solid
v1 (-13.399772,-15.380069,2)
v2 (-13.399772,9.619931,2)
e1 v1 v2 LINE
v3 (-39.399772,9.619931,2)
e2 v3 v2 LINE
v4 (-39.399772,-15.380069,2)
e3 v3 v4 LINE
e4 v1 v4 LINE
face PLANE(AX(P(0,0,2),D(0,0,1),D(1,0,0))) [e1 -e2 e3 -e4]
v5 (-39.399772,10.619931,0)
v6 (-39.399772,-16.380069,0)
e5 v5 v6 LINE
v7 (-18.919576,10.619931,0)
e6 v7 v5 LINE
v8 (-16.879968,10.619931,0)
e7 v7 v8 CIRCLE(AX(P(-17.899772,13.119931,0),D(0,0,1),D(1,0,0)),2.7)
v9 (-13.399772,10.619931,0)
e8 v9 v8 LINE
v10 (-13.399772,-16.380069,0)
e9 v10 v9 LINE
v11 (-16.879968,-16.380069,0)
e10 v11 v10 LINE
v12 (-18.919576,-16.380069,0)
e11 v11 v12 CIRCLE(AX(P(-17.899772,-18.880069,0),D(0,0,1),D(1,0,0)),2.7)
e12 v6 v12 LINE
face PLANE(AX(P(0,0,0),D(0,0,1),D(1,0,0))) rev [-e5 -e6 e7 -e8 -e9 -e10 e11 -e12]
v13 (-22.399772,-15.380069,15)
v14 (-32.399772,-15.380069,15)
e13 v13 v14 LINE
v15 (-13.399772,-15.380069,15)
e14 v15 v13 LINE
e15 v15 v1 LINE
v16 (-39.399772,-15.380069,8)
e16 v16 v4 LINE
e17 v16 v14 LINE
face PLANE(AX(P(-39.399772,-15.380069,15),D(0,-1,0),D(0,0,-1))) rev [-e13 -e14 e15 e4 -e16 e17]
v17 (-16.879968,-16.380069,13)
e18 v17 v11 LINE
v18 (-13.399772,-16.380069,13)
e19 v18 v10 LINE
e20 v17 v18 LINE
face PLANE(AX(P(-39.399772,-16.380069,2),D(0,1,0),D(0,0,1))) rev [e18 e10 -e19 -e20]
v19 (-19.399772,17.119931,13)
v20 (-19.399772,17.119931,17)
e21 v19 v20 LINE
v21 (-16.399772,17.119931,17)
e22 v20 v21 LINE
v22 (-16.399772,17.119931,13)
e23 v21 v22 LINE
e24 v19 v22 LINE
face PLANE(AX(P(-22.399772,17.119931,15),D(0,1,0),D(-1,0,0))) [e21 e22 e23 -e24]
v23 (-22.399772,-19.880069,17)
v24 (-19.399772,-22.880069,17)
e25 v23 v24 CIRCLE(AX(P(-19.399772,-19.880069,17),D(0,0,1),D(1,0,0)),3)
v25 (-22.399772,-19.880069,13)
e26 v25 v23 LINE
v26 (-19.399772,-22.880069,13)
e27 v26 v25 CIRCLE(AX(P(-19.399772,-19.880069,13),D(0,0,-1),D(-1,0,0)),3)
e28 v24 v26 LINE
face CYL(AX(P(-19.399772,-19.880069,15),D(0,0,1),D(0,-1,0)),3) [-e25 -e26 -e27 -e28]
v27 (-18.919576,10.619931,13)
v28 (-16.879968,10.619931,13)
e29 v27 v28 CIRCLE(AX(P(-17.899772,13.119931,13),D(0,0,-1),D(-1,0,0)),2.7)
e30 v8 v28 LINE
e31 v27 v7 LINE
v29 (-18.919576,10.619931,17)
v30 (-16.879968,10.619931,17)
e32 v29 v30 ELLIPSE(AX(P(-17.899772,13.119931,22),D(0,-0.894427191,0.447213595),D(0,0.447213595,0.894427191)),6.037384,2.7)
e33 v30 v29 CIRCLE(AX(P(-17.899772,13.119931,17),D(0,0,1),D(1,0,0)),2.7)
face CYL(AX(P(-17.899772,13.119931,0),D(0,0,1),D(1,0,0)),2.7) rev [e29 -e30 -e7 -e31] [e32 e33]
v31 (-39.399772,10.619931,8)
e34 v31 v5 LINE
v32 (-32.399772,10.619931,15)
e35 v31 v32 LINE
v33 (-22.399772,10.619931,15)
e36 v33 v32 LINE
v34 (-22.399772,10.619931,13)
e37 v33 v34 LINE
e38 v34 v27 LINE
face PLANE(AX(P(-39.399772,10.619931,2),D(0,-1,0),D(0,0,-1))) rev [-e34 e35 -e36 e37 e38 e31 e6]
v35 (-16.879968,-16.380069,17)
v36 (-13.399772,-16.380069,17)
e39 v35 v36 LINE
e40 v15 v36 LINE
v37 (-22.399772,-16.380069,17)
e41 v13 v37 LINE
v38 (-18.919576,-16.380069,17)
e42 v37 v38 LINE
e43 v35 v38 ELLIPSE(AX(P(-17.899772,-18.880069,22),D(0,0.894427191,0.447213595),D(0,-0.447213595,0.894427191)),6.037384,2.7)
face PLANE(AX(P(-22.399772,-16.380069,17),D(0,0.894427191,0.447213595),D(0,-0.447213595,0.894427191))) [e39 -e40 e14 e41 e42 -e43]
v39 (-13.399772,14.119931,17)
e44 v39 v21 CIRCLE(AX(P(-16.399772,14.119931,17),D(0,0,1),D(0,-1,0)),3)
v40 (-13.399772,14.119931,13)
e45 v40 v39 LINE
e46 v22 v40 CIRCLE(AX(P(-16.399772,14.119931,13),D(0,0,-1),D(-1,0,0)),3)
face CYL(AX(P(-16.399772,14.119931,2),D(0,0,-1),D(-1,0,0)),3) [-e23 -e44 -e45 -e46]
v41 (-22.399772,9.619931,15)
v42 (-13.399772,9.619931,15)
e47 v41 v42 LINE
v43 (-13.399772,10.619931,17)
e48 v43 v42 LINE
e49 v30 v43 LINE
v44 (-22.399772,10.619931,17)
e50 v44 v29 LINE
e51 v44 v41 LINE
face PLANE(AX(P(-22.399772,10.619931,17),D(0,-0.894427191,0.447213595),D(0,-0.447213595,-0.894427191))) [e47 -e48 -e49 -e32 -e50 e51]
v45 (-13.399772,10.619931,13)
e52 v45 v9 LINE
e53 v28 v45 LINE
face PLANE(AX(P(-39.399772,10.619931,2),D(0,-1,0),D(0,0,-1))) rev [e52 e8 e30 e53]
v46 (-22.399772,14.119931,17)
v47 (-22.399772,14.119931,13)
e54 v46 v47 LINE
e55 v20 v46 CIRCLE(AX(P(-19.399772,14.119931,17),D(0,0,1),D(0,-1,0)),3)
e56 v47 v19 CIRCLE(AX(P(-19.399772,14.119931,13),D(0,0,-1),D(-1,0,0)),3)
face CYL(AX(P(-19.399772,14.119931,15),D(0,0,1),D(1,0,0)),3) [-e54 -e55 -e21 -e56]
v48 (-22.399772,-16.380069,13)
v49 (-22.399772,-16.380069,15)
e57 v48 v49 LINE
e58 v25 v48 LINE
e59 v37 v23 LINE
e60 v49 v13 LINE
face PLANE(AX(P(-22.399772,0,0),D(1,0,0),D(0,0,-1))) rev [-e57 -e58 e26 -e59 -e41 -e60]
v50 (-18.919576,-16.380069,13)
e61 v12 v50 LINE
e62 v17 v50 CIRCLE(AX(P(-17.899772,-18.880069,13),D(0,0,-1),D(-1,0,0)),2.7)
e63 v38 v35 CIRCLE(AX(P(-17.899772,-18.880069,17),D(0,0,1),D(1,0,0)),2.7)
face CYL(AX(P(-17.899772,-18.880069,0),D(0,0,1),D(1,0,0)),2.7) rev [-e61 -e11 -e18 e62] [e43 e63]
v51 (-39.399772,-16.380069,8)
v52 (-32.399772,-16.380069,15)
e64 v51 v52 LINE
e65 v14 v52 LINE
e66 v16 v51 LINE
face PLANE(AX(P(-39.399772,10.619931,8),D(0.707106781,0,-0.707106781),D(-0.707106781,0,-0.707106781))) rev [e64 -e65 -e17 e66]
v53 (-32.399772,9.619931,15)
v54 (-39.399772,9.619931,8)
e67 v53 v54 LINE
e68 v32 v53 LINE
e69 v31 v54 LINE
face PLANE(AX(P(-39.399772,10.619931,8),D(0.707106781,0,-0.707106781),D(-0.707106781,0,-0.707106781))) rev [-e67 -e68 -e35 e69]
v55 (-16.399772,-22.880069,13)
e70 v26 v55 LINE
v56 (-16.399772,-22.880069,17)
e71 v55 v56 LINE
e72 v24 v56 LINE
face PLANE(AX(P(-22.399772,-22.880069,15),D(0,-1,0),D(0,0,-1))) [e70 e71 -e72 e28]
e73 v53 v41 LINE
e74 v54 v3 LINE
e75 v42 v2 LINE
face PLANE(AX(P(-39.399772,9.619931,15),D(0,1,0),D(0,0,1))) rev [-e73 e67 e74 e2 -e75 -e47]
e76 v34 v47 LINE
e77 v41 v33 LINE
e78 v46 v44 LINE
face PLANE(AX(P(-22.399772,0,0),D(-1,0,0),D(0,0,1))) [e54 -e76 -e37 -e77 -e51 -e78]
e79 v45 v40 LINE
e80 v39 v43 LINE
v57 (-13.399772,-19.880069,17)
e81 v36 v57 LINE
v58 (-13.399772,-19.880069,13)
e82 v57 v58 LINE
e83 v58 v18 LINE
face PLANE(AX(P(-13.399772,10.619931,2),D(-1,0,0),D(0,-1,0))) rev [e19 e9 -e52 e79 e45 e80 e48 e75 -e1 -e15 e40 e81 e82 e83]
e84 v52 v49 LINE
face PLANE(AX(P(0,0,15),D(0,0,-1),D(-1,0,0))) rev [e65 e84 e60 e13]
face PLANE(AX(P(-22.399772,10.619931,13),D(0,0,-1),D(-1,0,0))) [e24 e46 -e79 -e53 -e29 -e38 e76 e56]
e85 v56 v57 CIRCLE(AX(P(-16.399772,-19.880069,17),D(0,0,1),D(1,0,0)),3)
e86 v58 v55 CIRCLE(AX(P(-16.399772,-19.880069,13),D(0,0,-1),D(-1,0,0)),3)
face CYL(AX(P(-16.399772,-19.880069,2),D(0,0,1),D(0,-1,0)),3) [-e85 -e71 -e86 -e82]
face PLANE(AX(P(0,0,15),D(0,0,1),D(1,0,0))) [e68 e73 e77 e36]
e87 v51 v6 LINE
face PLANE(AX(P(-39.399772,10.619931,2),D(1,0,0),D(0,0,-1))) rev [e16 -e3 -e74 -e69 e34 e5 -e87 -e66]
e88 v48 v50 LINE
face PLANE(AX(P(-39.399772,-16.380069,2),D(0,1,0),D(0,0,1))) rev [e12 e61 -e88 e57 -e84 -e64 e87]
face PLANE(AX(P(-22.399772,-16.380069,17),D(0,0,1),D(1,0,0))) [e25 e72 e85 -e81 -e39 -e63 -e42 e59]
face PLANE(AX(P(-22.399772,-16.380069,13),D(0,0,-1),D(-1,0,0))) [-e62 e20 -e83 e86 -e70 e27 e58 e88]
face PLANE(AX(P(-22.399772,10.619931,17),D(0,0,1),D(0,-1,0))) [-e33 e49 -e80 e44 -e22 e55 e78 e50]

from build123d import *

# Parameters (mm, degrees)
CROQUIS1_W              = 26
CROQUIS1_H              = 27
SALIENTE_EXTRUIR1_DEPTH = 2
CROQUIS2_W              = 26
CROQUIS2_H              = 1
SALIENTE_EXTRUIR2_DEPTH = 13
SALIENTE_EXTRUIR3_DEPTH = 9
CROQUIS5_R              = 2.7
CORTAR_EXTRUIR1_DEPTH   = 17
REDONDEO1_R             = 3
CORTAR_EXTRUIR2_START   = -27
CORTAR_EXTRUIR2_DEPTH   = 27


with BuildPart() as part:
    # Croquis1 → Saliente-Extruir1 (new body)
    with BuildSketch(Plane.XY):
        with Locations((-26.399771714, -2.880068531)):
            Rectangle(CROQUIS1_W, CROQUIS1_H)
    extrude(amount=SALIENTE_EXTRUIR1_DEPTH)

    # Croquis2 → Saliente-Extruir2 (add)
    with BuildSketch(Plane.XY.offset(2)):
        with Locations((-26.399771714, 10.119931469)):
            Rectangle(CROQUIS2_W, CROQUIS2_H)
        with Locations((-26.399771714, -15.880068531)):
            Rectangle(CROQUIS2_W, CROQUIS2_H)
    extrude(amount=SALIENTE_EXTRUIR2_DEPTH)

    # Croquis3 → Saliente-Extruir3 (add)
    with BuildSketch(Plane(origin=(-13.399771714, 0, 0), x_dir=(0, 0, -1), z_dir=(1, 0, 0))):
        Polygon((-17, -16.380068531), (-15, -15.380068531), (-15, -16.380068531), (-13, -16.380068531), (-13, -22.880068531), (-15, -22.880068531), (-17, -22.880068531), align=None)
        Polygon((-15, 10.619931469), (-13, 10.619931469), (-13, 17.119931469), (-15, 17.119931469), (-17, 17.119931469), (-17, 10.619931469), (-15, 9.619931469), align=None)
    extrude(amount=-SALIENTE_EXTRUIR3_DEPTH)

    # Croquis5 → Cortar-Extruir1 (cut)
    with BuildSketch(Plane.XY.offset(17)):
        with Locations(Location((-17.899771714, -18.880068531, 0), (0, 0, 67.808393434))):
            Circle(CROQUIS5_R)
        with Locations(Location((-17.899771714, 13.119931469, 0), (0, 0, 292.191606566))):
            Circle(CROQUIS5_R)
    extrude(amount=-CORTAR_EXTRUIR1_DEPTH, mode=Mode.SUBTRACT)

    # Redondeo1
    redondeo1_edges = [part.edges().sort_by_distance(p)[0] for p in [
        (-22.399771714, -22.880068531, 15),
        (-13.399771714, -22.880068531, 15),
        (-22.399771714, 17.119931469, 15),
        (-13.399771714, 17.119931469, 15),
    ]]
    fillet(redondeo1_edges, radius=REDONDEO1_R)

    # Croquis6 → Cortar-Extruir2 (cut)
    with BuildSketch(Plane.XZ.offset(16.380068531).offset(CORTAR_EXTRUIR2_START)):
        Polygon((-39.399771714, 15), (-39.399771714, 8), (-32.399771714, 15), align=None)
    extrude(amount=CORTAR_EXTRUIR2_DEPTH, mode=Mode.SUBTRACT)


solid = part.part
